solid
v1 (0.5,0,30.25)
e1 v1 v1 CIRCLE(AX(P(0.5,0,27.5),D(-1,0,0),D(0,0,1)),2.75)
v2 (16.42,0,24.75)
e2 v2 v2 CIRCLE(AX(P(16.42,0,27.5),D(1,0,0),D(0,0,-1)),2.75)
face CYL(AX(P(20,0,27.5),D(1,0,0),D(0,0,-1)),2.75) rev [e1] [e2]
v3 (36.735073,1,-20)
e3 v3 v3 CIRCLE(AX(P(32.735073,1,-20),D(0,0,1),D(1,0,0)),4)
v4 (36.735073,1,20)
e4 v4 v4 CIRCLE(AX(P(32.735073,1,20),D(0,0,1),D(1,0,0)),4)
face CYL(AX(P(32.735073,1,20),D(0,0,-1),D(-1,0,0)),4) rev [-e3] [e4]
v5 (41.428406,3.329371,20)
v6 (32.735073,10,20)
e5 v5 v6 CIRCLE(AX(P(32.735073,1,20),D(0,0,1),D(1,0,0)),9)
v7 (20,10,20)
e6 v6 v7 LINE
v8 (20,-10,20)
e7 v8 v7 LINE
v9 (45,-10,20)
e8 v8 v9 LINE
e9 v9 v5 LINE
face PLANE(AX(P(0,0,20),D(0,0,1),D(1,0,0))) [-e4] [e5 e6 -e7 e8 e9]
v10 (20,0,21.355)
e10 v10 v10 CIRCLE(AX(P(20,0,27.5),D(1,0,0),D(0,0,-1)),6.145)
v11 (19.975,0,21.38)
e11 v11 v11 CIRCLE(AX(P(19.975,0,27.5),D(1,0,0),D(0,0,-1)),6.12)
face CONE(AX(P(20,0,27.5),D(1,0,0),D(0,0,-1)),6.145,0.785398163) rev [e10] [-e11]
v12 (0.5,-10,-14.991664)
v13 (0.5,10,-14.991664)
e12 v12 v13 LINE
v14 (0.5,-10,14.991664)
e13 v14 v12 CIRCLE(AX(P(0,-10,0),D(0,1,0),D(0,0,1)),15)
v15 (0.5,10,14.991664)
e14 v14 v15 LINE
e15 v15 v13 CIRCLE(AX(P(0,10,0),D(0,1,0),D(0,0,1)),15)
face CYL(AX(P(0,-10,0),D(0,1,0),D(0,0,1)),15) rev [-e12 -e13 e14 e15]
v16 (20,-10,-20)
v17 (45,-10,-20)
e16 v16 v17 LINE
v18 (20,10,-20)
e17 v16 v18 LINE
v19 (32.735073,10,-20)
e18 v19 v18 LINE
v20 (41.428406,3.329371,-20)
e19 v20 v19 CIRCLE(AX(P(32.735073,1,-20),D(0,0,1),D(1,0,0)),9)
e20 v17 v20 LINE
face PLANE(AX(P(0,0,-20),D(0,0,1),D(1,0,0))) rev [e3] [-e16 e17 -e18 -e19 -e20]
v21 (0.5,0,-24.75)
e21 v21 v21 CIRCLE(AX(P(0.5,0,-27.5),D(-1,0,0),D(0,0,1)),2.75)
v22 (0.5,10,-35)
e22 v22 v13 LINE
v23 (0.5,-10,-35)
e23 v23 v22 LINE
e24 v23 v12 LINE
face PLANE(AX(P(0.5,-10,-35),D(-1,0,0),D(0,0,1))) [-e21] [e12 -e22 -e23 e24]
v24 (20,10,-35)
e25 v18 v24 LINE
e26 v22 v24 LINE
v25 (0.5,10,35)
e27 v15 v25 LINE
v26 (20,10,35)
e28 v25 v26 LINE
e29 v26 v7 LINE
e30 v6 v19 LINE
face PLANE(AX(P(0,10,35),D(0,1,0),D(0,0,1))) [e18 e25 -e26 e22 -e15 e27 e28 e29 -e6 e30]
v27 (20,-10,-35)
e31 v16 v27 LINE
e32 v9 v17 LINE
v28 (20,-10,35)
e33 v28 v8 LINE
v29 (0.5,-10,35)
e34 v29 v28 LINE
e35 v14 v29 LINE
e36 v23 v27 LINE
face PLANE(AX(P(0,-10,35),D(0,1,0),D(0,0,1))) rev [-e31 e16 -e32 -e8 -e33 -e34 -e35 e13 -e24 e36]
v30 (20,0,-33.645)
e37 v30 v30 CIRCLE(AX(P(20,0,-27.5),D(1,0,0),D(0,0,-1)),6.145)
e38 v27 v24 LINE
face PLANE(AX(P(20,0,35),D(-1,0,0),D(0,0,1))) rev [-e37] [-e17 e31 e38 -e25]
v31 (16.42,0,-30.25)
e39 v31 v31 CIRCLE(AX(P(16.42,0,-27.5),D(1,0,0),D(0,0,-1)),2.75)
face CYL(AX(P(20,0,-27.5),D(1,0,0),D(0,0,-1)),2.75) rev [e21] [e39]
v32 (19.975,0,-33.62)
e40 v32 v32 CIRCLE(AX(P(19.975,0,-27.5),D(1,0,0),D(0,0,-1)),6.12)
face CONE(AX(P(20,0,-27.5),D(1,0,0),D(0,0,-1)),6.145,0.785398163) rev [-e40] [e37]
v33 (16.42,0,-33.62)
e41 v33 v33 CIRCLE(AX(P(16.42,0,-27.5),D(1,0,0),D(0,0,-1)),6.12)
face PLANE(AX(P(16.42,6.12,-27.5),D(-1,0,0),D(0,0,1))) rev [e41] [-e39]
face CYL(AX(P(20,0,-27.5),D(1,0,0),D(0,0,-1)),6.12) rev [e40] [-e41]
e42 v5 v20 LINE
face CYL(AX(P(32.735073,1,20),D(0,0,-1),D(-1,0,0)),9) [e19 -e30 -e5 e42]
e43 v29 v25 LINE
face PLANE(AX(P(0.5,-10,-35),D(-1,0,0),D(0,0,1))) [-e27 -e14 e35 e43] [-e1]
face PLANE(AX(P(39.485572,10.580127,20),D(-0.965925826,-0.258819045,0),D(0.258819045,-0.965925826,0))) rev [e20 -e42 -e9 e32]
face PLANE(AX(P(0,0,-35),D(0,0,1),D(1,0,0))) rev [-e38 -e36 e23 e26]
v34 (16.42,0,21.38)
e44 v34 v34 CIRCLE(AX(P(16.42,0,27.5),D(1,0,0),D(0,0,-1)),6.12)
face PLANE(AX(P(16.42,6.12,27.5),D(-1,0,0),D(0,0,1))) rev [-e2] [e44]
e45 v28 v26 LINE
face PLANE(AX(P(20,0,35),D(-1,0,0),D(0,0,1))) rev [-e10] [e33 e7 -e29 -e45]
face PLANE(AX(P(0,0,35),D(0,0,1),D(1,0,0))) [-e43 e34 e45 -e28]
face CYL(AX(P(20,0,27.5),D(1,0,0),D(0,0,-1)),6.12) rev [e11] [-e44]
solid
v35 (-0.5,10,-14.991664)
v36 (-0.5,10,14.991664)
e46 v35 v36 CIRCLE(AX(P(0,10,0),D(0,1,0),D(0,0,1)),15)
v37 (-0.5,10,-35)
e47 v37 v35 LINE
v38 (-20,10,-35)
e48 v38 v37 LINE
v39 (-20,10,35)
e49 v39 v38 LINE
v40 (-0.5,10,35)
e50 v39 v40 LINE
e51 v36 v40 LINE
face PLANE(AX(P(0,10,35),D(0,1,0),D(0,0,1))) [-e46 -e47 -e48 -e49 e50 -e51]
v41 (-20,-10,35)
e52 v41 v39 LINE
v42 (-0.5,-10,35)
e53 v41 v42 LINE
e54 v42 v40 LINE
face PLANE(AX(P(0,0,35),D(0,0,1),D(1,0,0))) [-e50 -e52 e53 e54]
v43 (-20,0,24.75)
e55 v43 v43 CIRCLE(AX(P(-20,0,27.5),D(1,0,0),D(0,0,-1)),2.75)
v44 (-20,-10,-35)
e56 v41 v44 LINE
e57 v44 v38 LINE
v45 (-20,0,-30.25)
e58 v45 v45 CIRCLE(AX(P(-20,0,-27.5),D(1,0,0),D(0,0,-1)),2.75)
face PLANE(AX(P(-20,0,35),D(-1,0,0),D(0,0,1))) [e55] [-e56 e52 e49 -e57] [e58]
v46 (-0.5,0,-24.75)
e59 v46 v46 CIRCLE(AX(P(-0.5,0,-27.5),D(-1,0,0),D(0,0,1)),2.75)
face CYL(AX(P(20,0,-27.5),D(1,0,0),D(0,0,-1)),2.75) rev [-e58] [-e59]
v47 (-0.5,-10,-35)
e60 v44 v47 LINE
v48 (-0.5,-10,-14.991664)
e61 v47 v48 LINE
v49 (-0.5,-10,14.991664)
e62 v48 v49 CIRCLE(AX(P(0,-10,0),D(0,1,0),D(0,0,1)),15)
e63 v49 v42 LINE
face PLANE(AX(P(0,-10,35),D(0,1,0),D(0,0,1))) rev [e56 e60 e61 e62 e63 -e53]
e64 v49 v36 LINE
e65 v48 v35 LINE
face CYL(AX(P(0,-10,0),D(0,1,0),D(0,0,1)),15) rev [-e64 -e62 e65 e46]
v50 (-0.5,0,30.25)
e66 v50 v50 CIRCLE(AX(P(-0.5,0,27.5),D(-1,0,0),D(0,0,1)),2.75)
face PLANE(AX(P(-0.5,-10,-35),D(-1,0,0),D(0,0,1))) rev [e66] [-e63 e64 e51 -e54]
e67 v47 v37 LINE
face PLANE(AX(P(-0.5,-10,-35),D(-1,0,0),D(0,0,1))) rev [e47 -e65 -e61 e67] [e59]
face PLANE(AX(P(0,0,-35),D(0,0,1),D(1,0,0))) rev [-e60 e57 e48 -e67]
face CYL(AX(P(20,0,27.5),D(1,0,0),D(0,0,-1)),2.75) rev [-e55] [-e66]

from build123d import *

# Parameters (mm, degrees)
SKETCH1_W                              = 40
SKETCH1_H                              = 20
BOSS_EXTRUDE2_DEPTH                    = 35
SKETCH1_3_R                            = 4
BOSS_EXTRUDE3_DEPTH                    = 20
CUT_EXTRUDE1_DEPTH                     = 61.415229868
CBORE_FOR_M5_HEX_HEAD_BOLT1_AT_2_COUNT = 2
CBORE_FOR_M5_HEX_HEAD_BOLT1_AT_2_PITCH = 55


with BuildPart() as part:
    # Sketch1 → Boss-Extrude2 (new, symmetric)
    with BuildSketch(Plane.XY):
        Rectangle(SKETCH1_W, SKETCH1_H)
    extrude(amount=BOSS_EXTRUDE2_DEPTH, both=True)

    # Sketch1<3> → Boss-Extrude3 (add, symmetric)
    with BuildSketch(Plane.XY):
        with BuildLine():
            Line((20, 10), (20, -10))
            Line((20, -10), (45, -10))
            Line((45, -10), (41.428405696, 3.329371406))
            ThreePointArc((41.428405696, 3.329371406), (38.213926121, 8.140180063), (32.73507326, 10))
            Line((32.73507326, 10), (20, 10))
        make_face()
        with Locations((32.73507326, 1)):
            Circle(SKETCH1_3_R, mode=Mode.SUBTRACT)
    extrude(amount=BOSS_EXTRUDE3_DEPTH, both=True)

    # Sketch2 → Cut-Extrude1 (cut, through all)
    with BuildSketch(Plane(origin=(0, 10, 0), x_dir=(1, 0, 0), z_dir=(0, 1, 0))):
        with BuildLine():
            Line((0.5, 35), (-0.5, 35))
            Line((-0.5, 35), (-0.5, 14.991664351))
            ThreePointArc((-0.5, 14.991664351), (-15, 0), (-0.5, -14.991664351))
            Line((-0.5, -14.991664351), (-0.5, -35))
            Line((-0.5, -35), (0.5, -35))
            Line((0.5, -35), (0.5, -14.991664351))
            ThreePointArc((0.5, -14.991664351), (15, 0), (0.5, 14.991664351))
            Line((0.5, 14.991664351), (0.5, 35))
        make_face()
    extrude(amount=-CUT_EXTRUDE1_DEPTH, mode=Mode.SUBTRACT)


with BuildPart() as cut_extrude1_piece_1:
    # of the separate pieces the step leaves, piece 1, a body of its own (cut_extrude1_pieces)
    add(part.part.solids().sort_by_distance((0.5, -10, -35))[0])


with BuildPart() as cut_extrude1_piece_2:
    # of the separate pieces the step leaves, piece 2, a body of its own (cut_extrude1_pieces)
    add(part.part.solids().sort_by_distance((-20, -10, 35))[0])


with BuildPart() as cbore_for_m5_hex_head_bolt1_tool:
    # Sketch8 → CBORE for M5 Hex Head Bolt1 (revolve)
    with BuildSketch(Plane(origin=(20, 0, 27.5), x_dir=(0, 0, -1), z_dir=(0, 1, 0))):
        Polygon((0, 0), (0, 40), (2.75, 40), (2.75, 3.58), (6.12, 3.58), (6.12, 0.025), (6.145, 0), align=None)
    cbore_for_m5_hex_head_bolt1 = revolve(axis=Axis((26.35, 0, 27.5), (-1, 0, 0)))


with BuildPart() as cut_extrude1_piece_1_1:
    add(cut_extrude1_piece_1.part)

    # CBORE for M5 Hex Head Bolt1: cut by cbore_for_m5_hex_head_bolt1_tool
    add(cbore_for_m5_hex_head_bolt1_tool.part, mode=Mode.SUBTRACT)


with BuildPart() as cut_extrude1_piece_2_1:
    add(cut_extrude1_piece_2.part)

    # CBORE for M5 Hex Head Bolt1: cut by cbore_for_m5_hex_head_bolt1_tool
    add(cbore_for_m5_hex_head_bolt1_tool.part, mode=Mode.SUBTRACT)


with BuildPart() as cbore_for_m5_hex_head_bolt1_at_2_tool:
    # CBORE for M5 Hex Head Bolt1 at 2: CBORE for M5 Hex Head Bolt1 ×2
    with Locations(*[(0, 0, -i * CBORE_FOR_M5_HEX_HEAD_BOLT1_AT_2_PITCH) for i in range(1, CBORE_FOR_M5_HEX_HEAD_BOLT1_AT_2_COUNT)]):
        add(cbore_for_m5_hex_head_bolt1)


with BuildPart() as cut_extrude1_piece_1_2:
    add(cut_extrude1_piece_1_1.part)

    # CBORE for M5 Hex Head Bolt1 at 2: cut by cbore_for_m5_hex_head_bolt1_at_2_tool
    add(cbore_for_m5_hex_head_bolt1_at_2_tool.part, mode=Mode.SUBTRACT)


with BuildPart() as cut_extrude1_piece_2_2:
    add(cut_extrude1_piece_2_1.part)

    # CBORE for M5 Hex Head Bolt1 at 2: cut by cbore_for_m5_hex_head_bolt1_at_2_tool
    add(cbore_for_m5_hex_head_bolt1_at_2_tool.part, mode=Mode.SUBTRACT)


solid = Compound([cut_extrude1_piece_1_2.part, cut_extrude1_piece_2_2.part])
